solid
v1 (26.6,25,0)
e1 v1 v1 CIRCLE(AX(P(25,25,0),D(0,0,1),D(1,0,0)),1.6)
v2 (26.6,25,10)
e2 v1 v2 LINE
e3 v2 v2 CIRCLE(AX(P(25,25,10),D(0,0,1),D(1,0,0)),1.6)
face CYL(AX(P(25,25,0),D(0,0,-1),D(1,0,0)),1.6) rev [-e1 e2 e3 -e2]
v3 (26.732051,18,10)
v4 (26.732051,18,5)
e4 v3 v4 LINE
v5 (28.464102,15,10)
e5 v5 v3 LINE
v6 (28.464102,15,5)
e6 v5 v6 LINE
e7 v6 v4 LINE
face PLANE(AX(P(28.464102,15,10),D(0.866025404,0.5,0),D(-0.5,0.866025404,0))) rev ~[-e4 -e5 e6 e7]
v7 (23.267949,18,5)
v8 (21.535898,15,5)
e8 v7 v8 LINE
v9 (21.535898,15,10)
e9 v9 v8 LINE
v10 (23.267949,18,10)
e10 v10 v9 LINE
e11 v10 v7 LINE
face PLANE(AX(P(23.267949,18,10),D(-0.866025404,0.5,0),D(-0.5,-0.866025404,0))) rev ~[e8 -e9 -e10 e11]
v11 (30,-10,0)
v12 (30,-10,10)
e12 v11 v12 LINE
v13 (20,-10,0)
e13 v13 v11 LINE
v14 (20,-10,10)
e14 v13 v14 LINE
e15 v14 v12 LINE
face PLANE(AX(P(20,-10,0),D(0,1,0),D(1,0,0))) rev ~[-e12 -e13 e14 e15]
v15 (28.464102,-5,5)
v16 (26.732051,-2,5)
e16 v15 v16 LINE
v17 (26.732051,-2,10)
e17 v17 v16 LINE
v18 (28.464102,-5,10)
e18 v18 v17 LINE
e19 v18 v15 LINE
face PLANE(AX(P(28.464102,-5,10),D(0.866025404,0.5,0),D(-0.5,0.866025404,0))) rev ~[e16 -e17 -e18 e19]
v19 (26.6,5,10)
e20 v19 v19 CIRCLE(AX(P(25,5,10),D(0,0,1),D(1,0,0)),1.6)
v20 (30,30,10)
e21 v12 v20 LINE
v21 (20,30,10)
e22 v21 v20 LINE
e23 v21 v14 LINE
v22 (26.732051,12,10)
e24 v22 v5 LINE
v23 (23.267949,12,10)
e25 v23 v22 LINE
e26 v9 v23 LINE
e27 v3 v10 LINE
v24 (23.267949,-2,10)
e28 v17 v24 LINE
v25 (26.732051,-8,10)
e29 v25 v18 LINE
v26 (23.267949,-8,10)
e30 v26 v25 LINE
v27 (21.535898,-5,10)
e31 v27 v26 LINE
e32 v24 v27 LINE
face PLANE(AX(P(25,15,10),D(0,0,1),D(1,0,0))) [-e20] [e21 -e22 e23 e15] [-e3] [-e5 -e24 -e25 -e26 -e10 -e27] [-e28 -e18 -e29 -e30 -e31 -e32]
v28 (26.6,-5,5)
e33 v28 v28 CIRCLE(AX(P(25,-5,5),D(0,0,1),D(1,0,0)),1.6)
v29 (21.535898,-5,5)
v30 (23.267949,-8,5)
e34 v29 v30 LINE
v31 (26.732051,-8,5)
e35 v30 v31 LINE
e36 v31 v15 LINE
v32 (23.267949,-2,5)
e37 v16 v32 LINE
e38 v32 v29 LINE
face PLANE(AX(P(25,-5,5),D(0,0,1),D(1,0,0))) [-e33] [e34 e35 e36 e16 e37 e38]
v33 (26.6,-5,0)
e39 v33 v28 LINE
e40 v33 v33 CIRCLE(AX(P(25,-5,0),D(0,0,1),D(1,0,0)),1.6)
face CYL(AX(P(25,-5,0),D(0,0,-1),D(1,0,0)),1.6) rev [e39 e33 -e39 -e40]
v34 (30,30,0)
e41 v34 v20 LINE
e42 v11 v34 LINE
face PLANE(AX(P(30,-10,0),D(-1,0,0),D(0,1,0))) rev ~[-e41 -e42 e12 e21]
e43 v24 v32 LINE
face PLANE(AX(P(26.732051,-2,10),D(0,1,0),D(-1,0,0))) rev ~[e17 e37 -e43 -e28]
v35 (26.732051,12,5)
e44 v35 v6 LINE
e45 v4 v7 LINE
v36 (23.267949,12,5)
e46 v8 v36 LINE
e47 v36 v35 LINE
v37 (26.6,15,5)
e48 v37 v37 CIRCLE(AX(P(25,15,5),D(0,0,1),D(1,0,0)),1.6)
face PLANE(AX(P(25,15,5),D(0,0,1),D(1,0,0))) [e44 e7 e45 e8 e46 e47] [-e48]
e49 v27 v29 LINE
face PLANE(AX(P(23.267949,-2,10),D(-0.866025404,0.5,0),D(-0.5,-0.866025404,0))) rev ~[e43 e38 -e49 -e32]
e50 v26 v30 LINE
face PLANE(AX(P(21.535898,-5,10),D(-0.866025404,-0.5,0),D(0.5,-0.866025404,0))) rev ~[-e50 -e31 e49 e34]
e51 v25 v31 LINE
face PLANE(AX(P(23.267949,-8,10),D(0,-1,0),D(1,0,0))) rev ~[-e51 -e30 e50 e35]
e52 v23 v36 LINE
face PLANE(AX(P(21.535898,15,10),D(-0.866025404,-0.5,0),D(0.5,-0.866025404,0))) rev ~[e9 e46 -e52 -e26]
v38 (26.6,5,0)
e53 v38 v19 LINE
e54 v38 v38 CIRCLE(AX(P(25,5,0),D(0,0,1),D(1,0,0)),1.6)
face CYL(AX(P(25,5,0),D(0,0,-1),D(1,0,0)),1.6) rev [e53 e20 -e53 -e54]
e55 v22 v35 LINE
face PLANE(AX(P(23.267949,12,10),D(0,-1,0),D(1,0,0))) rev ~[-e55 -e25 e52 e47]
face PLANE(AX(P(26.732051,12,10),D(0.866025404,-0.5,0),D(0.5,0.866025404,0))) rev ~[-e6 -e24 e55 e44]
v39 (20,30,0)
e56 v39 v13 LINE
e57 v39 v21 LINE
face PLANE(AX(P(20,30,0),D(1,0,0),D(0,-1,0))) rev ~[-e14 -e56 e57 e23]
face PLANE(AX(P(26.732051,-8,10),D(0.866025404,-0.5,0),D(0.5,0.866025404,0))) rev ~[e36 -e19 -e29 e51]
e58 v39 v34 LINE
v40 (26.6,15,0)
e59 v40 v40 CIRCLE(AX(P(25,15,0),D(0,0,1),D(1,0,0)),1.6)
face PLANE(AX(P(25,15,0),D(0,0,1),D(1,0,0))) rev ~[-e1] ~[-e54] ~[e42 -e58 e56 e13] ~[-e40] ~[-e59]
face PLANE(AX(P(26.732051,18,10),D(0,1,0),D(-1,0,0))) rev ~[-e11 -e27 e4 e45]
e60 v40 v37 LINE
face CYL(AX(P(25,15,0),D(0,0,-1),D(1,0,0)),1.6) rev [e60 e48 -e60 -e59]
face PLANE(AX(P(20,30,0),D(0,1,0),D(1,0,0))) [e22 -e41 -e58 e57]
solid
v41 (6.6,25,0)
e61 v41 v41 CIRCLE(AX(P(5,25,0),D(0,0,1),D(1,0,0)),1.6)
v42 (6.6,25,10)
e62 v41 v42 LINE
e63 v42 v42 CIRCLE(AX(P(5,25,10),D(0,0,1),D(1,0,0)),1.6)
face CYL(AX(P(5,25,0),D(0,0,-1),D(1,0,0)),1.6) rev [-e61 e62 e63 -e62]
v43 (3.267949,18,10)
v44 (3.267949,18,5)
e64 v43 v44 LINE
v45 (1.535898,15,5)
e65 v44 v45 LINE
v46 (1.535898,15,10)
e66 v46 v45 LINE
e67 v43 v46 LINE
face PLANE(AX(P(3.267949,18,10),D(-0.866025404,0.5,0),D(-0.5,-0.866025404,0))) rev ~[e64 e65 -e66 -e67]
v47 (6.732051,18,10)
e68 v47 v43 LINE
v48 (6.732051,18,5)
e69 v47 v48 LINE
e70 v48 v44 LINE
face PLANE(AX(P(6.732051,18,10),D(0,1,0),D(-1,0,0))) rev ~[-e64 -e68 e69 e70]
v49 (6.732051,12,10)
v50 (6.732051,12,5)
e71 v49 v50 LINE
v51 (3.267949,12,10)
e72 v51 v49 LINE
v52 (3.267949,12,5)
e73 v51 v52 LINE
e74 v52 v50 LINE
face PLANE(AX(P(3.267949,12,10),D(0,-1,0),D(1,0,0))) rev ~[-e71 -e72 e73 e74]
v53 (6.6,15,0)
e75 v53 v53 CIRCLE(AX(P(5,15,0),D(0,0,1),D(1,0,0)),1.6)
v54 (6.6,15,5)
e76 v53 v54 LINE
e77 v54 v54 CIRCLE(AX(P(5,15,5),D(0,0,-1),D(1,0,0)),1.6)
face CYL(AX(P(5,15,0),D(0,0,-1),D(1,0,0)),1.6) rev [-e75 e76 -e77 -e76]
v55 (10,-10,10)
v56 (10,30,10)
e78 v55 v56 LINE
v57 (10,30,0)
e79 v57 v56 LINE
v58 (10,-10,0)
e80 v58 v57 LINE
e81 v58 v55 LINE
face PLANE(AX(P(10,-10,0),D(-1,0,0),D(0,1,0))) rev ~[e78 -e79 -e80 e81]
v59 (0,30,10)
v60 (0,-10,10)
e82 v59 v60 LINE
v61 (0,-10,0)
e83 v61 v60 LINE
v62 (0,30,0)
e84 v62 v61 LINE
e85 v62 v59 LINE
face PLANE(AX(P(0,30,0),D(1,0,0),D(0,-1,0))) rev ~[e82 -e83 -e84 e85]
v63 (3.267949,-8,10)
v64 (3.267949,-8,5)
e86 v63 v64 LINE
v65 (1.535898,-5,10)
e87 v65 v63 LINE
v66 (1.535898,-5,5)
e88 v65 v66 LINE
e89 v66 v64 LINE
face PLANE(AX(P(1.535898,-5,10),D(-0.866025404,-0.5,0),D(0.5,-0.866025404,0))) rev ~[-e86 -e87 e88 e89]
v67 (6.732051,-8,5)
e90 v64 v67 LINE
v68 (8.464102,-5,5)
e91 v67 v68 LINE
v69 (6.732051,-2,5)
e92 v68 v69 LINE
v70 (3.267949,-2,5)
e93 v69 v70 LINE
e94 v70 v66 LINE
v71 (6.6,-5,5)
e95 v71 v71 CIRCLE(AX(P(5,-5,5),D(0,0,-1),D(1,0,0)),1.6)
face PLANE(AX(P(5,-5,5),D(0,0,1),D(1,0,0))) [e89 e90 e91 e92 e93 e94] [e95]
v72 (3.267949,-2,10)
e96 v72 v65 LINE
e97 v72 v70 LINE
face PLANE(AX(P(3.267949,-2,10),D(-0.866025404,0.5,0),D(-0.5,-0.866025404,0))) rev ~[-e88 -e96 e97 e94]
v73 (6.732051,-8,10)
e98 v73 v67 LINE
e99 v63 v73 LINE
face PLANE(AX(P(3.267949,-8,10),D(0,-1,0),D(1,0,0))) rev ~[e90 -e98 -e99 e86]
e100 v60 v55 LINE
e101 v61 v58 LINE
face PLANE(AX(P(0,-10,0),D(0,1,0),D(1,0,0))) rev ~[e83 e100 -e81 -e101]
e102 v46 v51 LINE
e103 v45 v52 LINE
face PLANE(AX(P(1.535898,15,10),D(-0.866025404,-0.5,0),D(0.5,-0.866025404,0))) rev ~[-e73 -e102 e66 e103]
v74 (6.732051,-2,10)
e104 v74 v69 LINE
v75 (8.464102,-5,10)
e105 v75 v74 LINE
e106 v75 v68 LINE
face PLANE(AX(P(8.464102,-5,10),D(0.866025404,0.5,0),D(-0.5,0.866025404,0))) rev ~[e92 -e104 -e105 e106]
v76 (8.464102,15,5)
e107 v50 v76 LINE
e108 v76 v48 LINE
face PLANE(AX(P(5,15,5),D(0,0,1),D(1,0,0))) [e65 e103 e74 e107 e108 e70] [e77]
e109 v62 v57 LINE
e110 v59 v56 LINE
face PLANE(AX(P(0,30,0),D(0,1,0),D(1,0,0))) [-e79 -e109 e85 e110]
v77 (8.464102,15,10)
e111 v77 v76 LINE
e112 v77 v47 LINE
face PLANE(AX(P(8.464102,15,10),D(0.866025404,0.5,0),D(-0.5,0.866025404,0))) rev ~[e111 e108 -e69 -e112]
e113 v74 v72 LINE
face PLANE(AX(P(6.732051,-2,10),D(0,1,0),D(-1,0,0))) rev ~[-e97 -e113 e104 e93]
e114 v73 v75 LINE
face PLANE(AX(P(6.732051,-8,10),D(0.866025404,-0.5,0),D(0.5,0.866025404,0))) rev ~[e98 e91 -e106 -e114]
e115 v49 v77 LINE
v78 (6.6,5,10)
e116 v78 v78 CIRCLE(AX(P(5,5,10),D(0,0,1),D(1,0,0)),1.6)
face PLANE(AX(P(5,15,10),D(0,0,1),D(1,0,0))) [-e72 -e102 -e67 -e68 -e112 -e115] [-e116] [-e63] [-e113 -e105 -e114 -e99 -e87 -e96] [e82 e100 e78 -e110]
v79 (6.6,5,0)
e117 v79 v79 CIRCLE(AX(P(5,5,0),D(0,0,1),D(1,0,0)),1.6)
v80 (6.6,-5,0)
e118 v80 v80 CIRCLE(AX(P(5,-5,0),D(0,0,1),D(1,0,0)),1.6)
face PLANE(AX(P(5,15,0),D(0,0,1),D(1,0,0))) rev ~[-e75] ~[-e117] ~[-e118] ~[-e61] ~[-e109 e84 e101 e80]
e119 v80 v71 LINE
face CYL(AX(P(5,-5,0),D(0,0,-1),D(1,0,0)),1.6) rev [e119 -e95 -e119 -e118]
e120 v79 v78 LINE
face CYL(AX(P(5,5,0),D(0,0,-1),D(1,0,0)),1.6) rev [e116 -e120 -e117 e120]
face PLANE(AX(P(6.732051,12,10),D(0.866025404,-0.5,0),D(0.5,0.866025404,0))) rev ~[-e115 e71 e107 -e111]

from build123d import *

# Parameters (mm, degrees)
SKETCH1_W           = 10
SKETCH1_H           = 30
SKETCH1_R           = 1.6
SKETCH1_H_2         = 10
BOSS_EXTRUDE1_DEPTH = 10
SKETCH4_R           = 1.6
CUT_EXTRUDE1_DEPTH  = 5


with BuildPart() as part:
    # Sketch1 → Boss-Extrude1 (new body)
    with BuildSketch(Plane.XY):
        with Locations((5, 15)):
            Rectangle(SKETCH1_W, SKETCH1_H)
        with Locations((5, 5)):
            Circle(SKETCH1_R, mode=Mode.SUBTRACT)
        with Locations((5, 15)):
            Circle(SKETCH1_R, mode=Mode.SUBTRACT)
        with Locations((5, 25)):
            Circle(SKETCH1_R, mode=Mode.SUBTRACT)
        with Locations((5, -5)):
            Rectangle(SKETCH1_W, SKETCH1_H_2)
        with Locations((5, -5)):
            Circle(SKETCH1_R, mode=Mode.SUBTRACT)
        with Locations((25, 15)):
            Rectangle(SKETCH1_W, SKETCH1_H)
        with Locations((25, 5)):
            Circle(SKETCH1_R, mode=Mode.SUBTRACT)
        with Locations((25, 15)):
            Circle(SKETCH1_R, mode=Mode.SUBTRACT)
        with Locations((25, 25)):
            Circle(SKETCH1_R, mode=Mode.SUBTRACT)
        with Locations((25, -5)):
            Rectangle(SKETCH1_W, SKETCH1_H_2)
        with Locations((25, -5)):
            Circle(SKETCH1_R, mode=Mode.SUBTRACT)
    extrude(amount=BOSS_EXTRUDE1_DEPTH)

    # Sketch4 → Cut-Extrude1 (cut)
    with BuildSketch(Plane.XY.offset(10)):
        Polygon((6.732050808, -8), (8.464101615, -5), (6.732050808, -2), (3.267949192, -2), (1.535898385, -5), (3.267949192, -8), align=None)
        Polygon((3.267949192, 12), (6.732050808, 12), (8.464101615, 15), (6.732050808, 18), (3.267949192, 18), (1.535898385, 15), align=None)
        Polygon((23.267949192, 12), (26.732050808, 12), (28.464101615, 15), (26.732050808, 18), (23.267949192, 18), (21.535898385, 15), align=None)
        with Locations((25, 15)):
            Circle(SKETCH4_R, mode=Mode.SUBTRACT)
        Polygon((23.267949192, -8), (26.732050808, -8), (28.464101615, -5), (26.732050808, -2), (23.267949192, -2), (21.535898385, -5), align=None)
        with Locations((25, -5)):
            Circle(SKETCH4_R, mode=Mode.SUBTRACT)
    extrude(amount=-CUT_EXTRUDE1_DEPTH, mode=Mode.SUBTRACT)


solid = part.part
